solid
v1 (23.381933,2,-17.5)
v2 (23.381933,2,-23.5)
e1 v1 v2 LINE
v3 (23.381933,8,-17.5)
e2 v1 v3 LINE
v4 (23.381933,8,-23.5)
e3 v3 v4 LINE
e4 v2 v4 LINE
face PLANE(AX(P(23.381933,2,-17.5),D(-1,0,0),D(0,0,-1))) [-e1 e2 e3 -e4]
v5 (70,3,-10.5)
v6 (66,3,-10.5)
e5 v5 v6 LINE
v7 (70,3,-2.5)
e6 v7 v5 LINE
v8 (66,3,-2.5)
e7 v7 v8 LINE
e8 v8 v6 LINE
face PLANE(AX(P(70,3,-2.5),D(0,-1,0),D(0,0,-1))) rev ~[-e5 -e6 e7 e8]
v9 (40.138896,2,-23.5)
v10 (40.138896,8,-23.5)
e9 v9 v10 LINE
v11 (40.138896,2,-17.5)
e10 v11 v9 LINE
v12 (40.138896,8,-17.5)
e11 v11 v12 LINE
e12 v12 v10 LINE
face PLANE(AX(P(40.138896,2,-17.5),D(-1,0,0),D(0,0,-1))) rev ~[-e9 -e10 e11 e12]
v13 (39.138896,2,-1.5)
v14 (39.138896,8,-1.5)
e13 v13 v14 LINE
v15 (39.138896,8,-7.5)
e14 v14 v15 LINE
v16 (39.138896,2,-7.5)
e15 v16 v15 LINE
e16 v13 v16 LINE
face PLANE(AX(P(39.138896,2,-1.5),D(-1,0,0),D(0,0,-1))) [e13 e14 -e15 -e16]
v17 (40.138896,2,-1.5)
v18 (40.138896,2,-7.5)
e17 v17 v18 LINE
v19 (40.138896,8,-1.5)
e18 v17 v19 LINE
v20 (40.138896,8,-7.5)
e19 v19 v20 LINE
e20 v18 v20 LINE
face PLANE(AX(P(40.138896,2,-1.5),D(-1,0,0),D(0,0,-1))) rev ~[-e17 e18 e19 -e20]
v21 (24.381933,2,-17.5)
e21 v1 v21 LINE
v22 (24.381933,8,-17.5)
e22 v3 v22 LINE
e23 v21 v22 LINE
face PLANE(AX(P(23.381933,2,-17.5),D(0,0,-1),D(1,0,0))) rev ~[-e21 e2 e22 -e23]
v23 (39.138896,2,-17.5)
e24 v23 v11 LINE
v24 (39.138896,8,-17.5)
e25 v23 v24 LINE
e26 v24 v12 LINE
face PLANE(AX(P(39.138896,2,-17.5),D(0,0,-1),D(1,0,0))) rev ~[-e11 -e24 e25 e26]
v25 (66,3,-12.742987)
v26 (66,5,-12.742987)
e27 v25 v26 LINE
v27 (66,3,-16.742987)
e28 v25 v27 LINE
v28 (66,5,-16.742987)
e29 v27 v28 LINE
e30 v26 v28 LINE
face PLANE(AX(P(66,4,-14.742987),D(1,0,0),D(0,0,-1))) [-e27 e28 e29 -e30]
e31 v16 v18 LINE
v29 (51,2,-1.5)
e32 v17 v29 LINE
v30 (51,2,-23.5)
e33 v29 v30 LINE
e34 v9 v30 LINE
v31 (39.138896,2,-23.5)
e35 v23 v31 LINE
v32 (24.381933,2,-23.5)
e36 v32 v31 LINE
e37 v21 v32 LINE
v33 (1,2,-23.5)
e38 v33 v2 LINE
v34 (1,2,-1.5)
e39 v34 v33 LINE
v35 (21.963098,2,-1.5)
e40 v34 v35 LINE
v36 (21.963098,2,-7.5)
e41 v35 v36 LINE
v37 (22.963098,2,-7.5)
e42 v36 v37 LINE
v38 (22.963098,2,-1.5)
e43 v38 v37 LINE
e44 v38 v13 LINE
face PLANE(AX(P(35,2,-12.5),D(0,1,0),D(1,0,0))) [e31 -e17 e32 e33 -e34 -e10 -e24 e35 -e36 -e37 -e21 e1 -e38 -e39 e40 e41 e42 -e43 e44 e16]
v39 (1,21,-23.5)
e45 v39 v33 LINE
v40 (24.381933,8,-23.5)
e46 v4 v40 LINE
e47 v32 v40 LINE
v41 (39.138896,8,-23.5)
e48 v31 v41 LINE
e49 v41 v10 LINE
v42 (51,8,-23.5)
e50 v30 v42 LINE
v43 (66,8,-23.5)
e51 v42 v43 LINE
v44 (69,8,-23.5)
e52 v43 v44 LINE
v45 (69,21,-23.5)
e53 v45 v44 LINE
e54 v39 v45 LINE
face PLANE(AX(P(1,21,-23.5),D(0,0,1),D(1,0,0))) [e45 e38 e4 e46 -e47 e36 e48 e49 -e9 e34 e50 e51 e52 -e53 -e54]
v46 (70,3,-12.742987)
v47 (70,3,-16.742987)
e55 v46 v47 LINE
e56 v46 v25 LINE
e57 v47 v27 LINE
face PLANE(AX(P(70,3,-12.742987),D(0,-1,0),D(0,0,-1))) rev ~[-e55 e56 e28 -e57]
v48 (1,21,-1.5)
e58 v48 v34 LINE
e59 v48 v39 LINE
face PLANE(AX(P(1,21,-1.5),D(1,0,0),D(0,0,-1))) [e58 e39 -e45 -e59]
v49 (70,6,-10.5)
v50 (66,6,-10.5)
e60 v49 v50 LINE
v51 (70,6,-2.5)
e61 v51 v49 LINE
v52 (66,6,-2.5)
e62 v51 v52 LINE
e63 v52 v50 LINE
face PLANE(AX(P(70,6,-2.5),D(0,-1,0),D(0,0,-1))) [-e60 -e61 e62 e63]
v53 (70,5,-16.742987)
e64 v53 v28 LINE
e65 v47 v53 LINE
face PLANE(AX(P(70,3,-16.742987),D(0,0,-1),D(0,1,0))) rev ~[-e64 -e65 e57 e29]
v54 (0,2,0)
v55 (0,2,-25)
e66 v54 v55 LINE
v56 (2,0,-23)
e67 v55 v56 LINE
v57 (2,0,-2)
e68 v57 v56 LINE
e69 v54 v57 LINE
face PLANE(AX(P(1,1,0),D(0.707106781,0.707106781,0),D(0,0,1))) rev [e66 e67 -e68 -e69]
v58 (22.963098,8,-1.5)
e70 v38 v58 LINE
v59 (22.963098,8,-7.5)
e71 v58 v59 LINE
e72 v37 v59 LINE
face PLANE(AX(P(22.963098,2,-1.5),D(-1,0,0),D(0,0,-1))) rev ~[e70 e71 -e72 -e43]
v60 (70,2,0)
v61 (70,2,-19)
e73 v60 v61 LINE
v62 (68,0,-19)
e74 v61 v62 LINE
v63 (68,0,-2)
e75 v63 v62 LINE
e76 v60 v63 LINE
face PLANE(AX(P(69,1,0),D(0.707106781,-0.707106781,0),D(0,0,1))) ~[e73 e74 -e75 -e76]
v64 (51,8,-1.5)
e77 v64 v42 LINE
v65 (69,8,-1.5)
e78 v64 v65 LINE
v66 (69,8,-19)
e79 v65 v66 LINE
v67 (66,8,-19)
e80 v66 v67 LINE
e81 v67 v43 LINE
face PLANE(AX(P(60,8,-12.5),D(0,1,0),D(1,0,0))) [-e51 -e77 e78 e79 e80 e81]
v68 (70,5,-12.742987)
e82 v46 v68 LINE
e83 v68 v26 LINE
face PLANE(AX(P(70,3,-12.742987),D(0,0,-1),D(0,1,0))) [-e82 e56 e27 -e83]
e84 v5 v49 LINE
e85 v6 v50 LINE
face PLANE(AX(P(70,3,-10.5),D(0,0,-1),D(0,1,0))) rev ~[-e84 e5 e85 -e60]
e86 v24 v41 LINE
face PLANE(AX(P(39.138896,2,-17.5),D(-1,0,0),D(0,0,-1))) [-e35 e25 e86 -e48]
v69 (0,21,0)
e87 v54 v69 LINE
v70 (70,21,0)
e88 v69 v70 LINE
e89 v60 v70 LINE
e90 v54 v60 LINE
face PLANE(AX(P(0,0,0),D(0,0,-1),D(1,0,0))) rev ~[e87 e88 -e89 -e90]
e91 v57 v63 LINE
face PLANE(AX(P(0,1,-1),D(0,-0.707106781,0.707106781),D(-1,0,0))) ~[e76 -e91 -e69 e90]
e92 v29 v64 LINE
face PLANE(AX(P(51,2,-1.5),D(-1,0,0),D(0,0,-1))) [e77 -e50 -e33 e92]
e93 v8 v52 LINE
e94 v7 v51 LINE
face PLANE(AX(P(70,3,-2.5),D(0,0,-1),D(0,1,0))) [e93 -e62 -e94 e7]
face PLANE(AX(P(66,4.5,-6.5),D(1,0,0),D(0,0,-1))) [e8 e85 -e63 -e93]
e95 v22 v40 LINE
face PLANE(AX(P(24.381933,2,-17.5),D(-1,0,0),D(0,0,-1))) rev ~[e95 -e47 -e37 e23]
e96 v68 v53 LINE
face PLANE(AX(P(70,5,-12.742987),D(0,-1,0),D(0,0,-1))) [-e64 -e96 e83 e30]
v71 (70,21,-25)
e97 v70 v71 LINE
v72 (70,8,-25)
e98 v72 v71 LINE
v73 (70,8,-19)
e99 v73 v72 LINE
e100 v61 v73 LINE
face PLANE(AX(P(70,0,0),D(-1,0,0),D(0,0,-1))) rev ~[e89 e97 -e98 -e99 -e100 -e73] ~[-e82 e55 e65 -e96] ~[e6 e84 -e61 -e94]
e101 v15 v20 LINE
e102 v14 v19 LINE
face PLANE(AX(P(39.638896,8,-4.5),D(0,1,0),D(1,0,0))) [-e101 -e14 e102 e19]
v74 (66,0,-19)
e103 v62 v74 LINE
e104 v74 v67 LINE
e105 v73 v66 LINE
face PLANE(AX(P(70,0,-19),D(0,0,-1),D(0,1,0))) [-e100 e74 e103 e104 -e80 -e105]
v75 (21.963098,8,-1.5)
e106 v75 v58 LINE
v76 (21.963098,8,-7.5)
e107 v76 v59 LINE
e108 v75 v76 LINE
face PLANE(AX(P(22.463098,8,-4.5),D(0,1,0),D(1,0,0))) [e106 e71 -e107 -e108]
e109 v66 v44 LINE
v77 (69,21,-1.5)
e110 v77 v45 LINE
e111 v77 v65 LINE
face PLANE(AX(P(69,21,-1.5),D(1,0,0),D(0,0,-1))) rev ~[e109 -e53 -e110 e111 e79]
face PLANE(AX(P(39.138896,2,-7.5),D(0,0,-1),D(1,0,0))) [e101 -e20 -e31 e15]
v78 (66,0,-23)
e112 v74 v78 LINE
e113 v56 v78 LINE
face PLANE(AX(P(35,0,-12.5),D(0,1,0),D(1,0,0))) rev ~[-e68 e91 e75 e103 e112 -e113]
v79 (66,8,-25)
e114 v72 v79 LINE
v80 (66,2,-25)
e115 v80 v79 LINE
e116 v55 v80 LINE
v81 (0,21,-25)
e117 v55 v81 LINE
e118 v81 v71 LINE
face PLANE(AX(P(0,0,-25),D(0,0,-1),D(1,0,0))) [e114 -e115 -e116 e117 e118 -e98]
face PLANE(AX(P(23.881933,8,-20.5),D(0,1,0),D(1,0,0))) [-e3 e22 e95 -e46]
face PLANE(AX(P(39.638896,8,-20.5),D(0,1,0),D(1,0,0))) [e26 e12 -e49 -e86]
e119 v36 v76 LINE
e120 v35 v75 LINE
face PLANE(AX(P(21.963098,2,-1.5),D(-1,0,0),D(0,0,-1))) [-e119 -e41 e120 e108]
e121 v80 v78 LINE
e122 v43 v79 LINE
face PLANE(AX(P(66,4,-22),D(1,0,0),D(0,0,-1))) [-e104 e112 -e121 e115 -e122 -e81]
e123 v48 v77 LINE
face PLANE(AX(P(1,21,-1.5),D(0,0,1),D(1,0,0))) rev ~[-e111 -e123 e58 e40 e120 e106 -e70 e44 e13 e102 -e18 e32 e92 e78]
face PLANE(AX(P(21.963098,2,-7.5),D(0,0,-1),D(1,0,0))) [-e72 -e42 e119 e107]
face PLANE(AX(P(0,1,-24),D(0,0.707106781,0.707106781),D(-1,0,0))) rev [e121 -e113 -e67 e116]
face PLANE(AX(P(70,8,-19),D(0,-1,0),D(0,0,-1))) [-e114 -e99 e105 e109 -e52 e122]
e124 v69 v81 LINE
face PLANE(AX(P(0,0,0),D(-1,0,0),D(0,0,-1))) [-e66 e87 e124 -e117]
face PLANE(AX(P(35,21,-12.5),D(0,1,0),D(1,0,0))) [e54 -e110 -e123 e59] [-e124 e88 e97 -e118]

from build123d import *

# Parameters (mm, degrees)
ESQUISSE1_W             = 70
ESQUISSE1_H             = 25
BOSS_EXTRU_1_DEPTH      = 21
ESQUISSE2_W             = 68
ESQUISSE2_H             = 22
ENL_V_MAT_EXTRU_1_DEPTH = 19
ESQUISSE3_W             = 18
ESQUISSE3_H             = 22
ESQUISSE3_W_2           = 1
ESQUISSE3_H_2           = 6
BOSS_EXTRU_2_DEPTH      = 6
ESQUISSE4_W             = 8
ESQUISSE4_H             = 3
ESQUISSE4_W_2           = 4
ESQUISSE4_H_2           = 2
ESQUISSE4_W_3           = 6
ESQUISSE4_H_3           = 8
ENL_V_MAT_EXTRU_2_DEPTH = 4
CHANFREIN1_SIZE         = 2


with BuildPart() as part:
    # Esquisse1 → Boss.-Extru.1 (new body)
    with BuildSketch(Plane(origin=(0, 0, 0), x_dir=(1, 0, 0), z_dir=(0, 1, 0))):
        with Locations((35, 12.5)):
            Rectangle(ESQUISSE1_W, ESQUISSE1_H)
    extrude(amount=BOSS_EXTRU_1_DEPTH)

    # Esquisse2 → Enlèv. mat.-Extru.1 (cut)
    with BuildSketch(Plane(origin=(0, 21, 0), x_dir=(1, 0, 0), z_dir=(0, 1, 0))):
        with Locations((35, 12.5)):
            Rectangle(ESQUISSE2_W, ESQUISSE2_H)
    extrude(amount=-ENL_V_MAT_EXTRU_1_DEPTH, mode=Mode.SUBTRACT)

    # Esquisse3 → Boss.-Extru.2 (add)
    with BuildSketch(Plane(origin=(0, 2, 0), x_dir=(1, 0, 0), z_dir=(0, 1, 0))):
        with Locations((60, 12.5)):
            Rectangle(ESQUISSE3_W, ESQUISSE3_H)
        with Locations((23.881932789, 20.5)):
            Rectangle(ESQUISSE3_W_2, ESQUISSE3_H_2)
        with Locations((39.638895705, 20.5)):
            Rectangle(ESQUISSE3_W_2, ESQUISSE3_H_2)
        with Locations((22.463097558, 4.5)):
            Rectangle(ESQUISSE3_W_2, ESQUISSE3_H_2)
        with Locations((39.638895705, 4.5)):
            Rectangle(ESQUISSE3_W_2, ESQUISSE3_H_2)
    extrude(amount=BOSS_EXTRU_2_DEPTH)

    # Esquisse4 → Enlèv. mat.-Extru.2 (cut)
    with BuildSketch(Plane(origin=(70, 0, 0), x_dir=(0, 0, -1), z_dir=(1, 0, 0))):
        with Locations((6.5, 4.5)):
            Rectangle(ESQUISSE4_W, ESQUISSE4_H)
        with Locations((14.742986582, 4)):
            Rectangle(ESQUISSE4_W_2, ESQUISSE4_H_2)
        with Locations((22, 4)):
            Rectangle(ESQUISSE4_W_3, ESQUISSE4_H_3)
    extrude(amount=-ENL_V_MAT_EXTRU_2_DEPTH, mode=Mode.SUBTRACT)

    # Chanfrein1
    chanfrein1_edges = [part.edges().sort_by_distance(p)[0] for p in [
        (33, 0, -25),
        (70, 0, -9.5),
        (35, 0, 0),
        (0, 0, -12.5),
    ]]
    chamfer(chanfrein1_edges, length=CHANFREIN1_SIZE)


solid = part.part
